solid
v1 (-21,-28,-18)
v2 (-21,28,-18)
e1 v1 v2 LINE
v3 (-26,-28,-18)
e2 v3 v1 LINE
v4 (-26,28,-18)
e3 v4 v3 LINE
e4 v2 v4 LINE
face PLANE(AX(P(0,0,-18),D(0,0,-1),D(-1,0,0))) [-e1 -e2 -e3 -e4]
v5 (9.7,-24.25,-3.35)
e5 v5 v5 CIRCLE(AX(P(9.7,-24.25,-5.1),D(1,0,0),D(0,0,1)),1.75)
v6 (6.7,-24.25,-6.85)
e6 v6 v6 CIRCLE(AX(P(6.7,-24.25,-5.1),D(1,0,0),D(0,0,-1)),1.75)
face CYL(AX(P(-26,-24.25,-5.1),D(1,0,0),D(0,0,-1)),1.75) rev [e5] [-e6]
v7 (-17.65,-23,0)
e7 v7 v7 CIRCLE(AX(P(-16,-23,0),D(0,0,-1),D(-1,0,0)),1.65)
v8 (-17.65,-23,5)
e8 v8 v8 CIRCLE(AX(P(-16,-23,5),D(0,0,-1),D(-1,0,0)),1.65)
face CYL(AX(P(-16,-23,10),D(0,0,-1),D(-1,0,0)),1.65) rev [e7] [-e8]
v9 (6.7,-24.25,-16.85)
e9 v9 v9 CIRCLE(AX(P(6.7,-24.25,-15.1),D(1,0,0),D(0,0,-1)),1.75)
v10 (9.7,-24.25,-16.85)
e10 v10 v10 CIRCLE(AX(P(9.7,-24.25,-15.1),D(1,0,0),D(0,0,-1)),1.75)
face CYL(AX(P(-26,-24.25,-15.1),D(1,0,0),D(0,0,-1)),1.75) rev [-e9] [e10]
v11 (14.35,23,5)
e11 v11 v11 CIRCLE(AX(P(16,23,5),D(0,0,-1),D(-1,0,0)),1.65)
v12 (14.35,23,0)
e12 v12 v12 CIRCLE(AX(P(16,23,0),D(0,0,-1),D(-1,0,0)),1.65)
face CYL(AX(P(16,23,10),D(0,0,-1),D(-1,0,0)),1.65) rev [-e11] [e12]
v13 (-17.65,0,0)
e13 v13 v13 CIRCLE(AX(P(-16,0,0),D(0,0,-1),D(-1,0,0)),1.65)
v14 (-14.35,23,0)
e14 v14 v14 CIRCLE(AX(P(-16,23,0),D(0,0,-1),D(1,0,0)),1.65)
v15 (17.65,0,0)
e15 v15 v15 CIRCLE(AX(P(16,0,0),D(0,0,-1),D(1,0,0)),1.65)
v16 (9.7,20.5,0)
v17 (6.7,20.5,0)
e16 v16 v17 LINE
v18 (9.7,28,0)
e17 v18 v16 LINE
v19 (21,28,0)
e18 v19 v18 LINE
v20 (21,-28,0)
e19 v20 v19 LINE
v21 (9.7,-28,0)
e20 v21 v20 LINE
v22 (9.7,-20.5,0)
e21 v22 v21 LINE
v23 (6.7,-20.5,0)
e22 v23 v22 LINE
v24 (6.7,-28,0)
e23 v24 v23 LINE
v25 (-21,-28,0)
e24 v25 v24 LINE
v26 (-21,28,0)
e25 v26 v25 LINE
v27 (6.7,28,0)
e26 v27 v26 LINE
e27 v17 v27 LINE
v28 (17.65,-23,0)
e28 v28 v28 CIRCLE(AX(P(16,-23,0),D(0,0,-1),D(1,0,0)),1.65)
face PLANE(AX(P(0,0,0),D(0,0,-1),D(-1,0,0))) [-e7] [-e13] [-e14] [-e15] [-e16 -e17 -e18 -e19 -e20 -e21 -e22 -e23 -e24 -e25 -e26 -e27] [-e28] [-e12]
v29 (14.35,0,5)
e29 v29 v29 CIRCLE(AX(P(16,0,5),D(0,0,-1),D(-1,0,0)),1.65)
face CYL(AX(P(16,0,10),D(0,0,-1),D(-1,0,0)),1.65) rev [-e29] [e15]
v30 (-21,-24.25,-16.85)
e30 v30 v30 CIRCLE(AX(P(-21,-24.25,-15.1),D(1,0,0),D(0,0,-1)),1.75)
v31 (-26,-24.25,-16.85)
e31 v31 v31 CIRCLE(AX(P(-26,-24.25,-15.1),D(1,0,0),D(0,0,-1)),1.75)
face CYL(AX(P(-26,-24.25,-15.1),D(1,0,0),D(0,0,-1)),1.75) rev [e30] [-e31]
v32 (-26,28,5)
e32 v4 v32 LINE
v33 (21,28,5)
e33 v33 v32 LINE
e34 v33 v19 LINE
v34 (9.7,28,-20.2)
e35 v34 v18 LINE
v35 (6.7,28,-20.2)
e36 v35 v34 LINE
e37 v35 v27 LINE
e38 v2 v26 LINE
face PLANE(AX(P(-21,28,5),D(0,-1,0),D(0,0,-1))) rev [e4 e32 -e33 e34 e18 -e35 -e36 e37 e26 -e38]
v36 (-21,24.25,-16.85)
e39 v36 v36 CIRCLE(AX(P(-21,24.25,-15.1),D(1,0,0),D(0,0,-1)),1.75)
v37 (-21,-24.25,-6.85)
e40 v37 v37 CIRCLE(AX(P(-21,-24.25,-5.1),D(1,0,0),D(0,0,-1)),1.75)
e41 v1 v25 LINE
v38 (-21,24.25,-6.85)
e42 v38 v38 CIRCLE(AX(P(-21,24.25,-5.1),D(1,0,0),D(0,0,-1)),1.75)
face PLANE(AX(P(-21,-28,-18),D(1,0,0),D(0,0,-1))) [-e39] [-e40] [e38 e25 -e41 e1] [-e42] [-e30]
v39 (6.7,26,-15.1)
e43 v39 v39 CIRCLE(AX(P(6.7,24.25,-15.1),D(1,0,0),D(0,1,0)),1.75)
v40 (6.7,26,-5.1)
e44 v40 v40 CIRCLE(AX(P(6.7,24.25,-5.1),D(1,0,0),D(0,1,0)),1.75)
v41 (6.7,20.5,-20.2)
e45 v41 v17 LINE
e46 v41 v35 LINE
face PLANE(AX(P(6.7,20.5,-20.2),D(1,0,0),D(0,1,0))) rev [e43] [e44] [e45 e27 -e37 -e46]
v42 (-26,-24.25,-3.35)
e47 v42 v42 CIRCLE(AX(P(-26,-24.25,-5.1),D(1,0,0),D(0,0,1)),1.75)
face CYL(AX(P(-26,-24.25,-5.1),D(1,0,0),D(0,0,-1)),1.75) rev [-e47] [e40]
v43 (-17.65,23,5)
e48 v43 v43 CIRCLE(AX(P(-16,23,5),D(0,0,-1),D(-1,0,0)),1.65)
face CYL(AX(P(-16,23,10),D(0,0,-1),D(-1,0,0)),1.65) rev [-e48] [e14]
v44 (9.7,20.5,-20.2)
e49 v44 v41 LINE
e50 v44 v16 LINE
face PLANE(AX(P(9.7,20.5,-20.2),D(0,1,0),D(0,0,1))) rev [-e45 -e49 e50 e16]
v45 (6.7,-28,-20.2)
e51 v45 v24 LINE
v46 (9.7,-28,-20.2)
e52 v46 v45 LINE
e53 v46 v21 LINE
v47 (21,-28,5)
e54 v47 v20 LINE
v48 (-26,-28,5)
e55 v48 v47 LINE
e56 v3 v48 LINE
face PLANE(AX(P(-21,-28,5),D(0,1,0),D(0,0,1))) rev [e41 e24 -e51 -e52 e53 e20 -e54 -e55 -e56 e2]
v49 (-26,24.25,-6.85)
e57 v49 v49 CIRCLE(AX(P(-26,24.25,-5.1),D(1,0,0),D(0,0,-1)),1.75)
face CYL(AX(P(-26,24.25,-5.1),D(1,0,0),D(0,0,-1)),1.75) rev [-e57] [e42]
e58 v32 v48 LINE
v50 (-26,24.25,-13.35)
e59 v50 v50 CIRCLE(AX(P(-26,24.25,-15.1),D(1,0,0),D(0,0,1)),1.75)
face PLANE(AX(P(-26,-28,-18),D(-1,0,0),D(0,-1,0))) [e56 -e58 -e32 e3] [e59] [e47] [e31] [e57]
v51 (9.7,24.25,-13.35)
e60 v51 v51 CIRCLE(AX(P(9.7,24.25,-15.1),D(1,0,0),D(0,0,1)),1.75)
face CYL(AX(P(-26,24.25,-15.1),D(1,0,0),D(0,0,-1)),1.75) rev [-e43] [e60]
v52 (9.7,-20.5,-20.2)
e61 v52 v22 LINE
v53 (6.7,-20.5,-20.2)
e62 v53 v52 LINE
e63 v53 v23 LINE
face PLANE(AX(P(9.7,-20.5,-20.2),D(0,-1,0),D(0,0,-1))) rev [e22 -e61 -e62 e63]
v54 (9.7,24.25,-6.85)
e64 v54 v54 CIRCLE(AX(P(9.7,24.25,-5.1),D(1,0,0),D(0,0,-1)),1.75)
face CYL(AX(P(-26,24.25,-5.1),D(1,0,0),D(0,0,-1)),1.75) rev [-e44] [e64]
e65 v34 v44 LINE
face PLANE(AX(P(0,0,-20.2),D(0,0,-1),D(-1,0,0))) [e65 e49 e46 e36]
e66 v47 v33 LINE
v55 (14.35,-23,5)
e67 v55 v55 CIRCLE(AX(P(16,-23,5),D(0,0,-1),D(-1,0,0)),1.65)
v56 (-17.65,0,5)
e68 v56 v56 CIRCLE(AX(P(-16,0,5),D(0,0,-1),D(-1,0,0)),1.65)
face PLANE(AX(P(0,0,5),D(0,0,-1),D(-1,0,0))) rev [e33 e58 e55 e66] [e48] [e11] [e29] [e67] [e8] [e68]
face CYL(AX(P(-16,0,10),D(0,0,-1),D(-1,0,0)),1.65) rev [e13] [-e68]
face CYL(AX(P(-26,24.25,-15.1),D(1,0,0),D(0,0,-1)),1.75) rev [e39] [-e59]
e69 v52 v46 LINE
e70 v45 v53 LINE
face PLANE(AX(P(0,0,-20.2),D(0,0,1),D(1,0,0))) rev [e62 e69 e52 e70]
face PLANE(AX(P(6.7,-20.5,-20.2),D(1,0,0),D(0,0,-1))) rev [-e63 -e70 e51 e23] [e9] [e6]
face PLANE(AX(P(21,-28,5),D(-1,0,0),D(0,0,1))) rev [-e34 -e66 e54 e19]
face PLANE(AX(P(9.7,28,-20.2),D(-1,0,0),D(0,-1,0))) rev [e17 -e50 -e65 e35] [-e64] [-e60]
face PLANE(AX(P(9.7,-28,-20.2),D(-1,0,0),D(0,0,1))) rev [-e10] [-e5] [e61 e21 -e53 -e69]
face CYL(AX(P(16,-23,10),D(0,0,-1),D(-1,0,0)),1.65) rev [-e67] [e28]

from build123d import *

# Parameters (mm, degrees)
SKETCH_1_W          = 42
SKETCH_1_H          = 56
EXTRUDE_1_DEPTH     = 5
SKETCH_2_W          = 5
SKETCH_2_H          = 56
EXTRUDE_2_DEPTH     = 23
SKETCH_3_W          = 3
SKETCH_3_H          = 7.5
EXTRUDE_3_DEPTH     = 20.2
SKETCH_4_R          = 1.75
CUT_EXTRUDE_1_DEPTH = 36.7
SKETCH_5_R          = 1.65
CUT_EXTRUDE_2_DEPTH = 10


with BuildPart() as part:
    # 草图1 → 凸台-拉伸1 (new body)
    with BuildSketch(Plane.XY):
        Rectangle(SKETCH_1_W, SKETCH_1_H)
    extrude(amount=EXTRUDE_1_DEPTH)

    # 草图2 → 凸台-拉伸2 (add)
    with BuildSketch(Plane.XY.offset(5)):
        with Locations((-23.5, 0)):
            Rectangle(SKETCH_2_W, SKETCH_2_H)
    extrude(amount=-EXTRUDE_2_DEPTH)

    # 草图3 → 凸台-拉伸3 (add)
    with BuildSketch(Plane(origin=(0, 0, 0), x_dir=(-1, 0, 0), z_dir=(0, 0, -1))):
        with Locations((-8.2, -24.25)):
            Rectangle(SKETCH_3_W, SKETCH_3_H)
        with Locations((-8.2, 24.25)):
            Rectangle(SKETCH_3_W, SKETCH_3_H)
    extrude(amount=EXTRUDE_3_DEPTH)

    # 草图4 → 切除-拉伸1 (cut, through all)
    with BuildSketch(Plane(origin=(9.7, 0, 0), x_dir=(0, 0, -1), z_dir=(1, 0, 0))):
        with Locations((5.1, 24.25)):
            Circle(SKETCH_4_R)
        with Locations((15.1, 24.25)):
            Circle(SKETCH_4_R)
        with Locations((15.1, -24.25)):
            Circle(SKETCH_4_R)
        with Locations((5.1, -24.25)):
            Circle(SKETCH_4_R)
    extrude(amount=-CUT_EXTRUDE_1_DEPTH, mode=Mode.SUBTRACT)

    # 草图5 → 切除-拉伸2 (cut)
    with BuildSketch(Plane(origin=(0, 0, 0), x_dir=(-1, 0, 0), z_dir=(0, 0, -1))):
        with Locations((-16, 23)):
            Circle(SKETCH_5_R)
        with Locations((-16, -23)):
            Circle(SKETCH_5_R)
        with Locations((16, -23)):
            Circle(SKETCH_5_R)
        with Locations((16, 23)):
            Circle(SKETCH_5_R)
        with Locations((16, 0)):
            Circle(SKETCH_5_R)
        with Locations((-16, 0)):
            Circle(SKETCH_5_R)
    extrude(amount=-CUT_EXTRUDE_2_DEPTH, mode=Mode.SUBTRACT)


solid = part.part
